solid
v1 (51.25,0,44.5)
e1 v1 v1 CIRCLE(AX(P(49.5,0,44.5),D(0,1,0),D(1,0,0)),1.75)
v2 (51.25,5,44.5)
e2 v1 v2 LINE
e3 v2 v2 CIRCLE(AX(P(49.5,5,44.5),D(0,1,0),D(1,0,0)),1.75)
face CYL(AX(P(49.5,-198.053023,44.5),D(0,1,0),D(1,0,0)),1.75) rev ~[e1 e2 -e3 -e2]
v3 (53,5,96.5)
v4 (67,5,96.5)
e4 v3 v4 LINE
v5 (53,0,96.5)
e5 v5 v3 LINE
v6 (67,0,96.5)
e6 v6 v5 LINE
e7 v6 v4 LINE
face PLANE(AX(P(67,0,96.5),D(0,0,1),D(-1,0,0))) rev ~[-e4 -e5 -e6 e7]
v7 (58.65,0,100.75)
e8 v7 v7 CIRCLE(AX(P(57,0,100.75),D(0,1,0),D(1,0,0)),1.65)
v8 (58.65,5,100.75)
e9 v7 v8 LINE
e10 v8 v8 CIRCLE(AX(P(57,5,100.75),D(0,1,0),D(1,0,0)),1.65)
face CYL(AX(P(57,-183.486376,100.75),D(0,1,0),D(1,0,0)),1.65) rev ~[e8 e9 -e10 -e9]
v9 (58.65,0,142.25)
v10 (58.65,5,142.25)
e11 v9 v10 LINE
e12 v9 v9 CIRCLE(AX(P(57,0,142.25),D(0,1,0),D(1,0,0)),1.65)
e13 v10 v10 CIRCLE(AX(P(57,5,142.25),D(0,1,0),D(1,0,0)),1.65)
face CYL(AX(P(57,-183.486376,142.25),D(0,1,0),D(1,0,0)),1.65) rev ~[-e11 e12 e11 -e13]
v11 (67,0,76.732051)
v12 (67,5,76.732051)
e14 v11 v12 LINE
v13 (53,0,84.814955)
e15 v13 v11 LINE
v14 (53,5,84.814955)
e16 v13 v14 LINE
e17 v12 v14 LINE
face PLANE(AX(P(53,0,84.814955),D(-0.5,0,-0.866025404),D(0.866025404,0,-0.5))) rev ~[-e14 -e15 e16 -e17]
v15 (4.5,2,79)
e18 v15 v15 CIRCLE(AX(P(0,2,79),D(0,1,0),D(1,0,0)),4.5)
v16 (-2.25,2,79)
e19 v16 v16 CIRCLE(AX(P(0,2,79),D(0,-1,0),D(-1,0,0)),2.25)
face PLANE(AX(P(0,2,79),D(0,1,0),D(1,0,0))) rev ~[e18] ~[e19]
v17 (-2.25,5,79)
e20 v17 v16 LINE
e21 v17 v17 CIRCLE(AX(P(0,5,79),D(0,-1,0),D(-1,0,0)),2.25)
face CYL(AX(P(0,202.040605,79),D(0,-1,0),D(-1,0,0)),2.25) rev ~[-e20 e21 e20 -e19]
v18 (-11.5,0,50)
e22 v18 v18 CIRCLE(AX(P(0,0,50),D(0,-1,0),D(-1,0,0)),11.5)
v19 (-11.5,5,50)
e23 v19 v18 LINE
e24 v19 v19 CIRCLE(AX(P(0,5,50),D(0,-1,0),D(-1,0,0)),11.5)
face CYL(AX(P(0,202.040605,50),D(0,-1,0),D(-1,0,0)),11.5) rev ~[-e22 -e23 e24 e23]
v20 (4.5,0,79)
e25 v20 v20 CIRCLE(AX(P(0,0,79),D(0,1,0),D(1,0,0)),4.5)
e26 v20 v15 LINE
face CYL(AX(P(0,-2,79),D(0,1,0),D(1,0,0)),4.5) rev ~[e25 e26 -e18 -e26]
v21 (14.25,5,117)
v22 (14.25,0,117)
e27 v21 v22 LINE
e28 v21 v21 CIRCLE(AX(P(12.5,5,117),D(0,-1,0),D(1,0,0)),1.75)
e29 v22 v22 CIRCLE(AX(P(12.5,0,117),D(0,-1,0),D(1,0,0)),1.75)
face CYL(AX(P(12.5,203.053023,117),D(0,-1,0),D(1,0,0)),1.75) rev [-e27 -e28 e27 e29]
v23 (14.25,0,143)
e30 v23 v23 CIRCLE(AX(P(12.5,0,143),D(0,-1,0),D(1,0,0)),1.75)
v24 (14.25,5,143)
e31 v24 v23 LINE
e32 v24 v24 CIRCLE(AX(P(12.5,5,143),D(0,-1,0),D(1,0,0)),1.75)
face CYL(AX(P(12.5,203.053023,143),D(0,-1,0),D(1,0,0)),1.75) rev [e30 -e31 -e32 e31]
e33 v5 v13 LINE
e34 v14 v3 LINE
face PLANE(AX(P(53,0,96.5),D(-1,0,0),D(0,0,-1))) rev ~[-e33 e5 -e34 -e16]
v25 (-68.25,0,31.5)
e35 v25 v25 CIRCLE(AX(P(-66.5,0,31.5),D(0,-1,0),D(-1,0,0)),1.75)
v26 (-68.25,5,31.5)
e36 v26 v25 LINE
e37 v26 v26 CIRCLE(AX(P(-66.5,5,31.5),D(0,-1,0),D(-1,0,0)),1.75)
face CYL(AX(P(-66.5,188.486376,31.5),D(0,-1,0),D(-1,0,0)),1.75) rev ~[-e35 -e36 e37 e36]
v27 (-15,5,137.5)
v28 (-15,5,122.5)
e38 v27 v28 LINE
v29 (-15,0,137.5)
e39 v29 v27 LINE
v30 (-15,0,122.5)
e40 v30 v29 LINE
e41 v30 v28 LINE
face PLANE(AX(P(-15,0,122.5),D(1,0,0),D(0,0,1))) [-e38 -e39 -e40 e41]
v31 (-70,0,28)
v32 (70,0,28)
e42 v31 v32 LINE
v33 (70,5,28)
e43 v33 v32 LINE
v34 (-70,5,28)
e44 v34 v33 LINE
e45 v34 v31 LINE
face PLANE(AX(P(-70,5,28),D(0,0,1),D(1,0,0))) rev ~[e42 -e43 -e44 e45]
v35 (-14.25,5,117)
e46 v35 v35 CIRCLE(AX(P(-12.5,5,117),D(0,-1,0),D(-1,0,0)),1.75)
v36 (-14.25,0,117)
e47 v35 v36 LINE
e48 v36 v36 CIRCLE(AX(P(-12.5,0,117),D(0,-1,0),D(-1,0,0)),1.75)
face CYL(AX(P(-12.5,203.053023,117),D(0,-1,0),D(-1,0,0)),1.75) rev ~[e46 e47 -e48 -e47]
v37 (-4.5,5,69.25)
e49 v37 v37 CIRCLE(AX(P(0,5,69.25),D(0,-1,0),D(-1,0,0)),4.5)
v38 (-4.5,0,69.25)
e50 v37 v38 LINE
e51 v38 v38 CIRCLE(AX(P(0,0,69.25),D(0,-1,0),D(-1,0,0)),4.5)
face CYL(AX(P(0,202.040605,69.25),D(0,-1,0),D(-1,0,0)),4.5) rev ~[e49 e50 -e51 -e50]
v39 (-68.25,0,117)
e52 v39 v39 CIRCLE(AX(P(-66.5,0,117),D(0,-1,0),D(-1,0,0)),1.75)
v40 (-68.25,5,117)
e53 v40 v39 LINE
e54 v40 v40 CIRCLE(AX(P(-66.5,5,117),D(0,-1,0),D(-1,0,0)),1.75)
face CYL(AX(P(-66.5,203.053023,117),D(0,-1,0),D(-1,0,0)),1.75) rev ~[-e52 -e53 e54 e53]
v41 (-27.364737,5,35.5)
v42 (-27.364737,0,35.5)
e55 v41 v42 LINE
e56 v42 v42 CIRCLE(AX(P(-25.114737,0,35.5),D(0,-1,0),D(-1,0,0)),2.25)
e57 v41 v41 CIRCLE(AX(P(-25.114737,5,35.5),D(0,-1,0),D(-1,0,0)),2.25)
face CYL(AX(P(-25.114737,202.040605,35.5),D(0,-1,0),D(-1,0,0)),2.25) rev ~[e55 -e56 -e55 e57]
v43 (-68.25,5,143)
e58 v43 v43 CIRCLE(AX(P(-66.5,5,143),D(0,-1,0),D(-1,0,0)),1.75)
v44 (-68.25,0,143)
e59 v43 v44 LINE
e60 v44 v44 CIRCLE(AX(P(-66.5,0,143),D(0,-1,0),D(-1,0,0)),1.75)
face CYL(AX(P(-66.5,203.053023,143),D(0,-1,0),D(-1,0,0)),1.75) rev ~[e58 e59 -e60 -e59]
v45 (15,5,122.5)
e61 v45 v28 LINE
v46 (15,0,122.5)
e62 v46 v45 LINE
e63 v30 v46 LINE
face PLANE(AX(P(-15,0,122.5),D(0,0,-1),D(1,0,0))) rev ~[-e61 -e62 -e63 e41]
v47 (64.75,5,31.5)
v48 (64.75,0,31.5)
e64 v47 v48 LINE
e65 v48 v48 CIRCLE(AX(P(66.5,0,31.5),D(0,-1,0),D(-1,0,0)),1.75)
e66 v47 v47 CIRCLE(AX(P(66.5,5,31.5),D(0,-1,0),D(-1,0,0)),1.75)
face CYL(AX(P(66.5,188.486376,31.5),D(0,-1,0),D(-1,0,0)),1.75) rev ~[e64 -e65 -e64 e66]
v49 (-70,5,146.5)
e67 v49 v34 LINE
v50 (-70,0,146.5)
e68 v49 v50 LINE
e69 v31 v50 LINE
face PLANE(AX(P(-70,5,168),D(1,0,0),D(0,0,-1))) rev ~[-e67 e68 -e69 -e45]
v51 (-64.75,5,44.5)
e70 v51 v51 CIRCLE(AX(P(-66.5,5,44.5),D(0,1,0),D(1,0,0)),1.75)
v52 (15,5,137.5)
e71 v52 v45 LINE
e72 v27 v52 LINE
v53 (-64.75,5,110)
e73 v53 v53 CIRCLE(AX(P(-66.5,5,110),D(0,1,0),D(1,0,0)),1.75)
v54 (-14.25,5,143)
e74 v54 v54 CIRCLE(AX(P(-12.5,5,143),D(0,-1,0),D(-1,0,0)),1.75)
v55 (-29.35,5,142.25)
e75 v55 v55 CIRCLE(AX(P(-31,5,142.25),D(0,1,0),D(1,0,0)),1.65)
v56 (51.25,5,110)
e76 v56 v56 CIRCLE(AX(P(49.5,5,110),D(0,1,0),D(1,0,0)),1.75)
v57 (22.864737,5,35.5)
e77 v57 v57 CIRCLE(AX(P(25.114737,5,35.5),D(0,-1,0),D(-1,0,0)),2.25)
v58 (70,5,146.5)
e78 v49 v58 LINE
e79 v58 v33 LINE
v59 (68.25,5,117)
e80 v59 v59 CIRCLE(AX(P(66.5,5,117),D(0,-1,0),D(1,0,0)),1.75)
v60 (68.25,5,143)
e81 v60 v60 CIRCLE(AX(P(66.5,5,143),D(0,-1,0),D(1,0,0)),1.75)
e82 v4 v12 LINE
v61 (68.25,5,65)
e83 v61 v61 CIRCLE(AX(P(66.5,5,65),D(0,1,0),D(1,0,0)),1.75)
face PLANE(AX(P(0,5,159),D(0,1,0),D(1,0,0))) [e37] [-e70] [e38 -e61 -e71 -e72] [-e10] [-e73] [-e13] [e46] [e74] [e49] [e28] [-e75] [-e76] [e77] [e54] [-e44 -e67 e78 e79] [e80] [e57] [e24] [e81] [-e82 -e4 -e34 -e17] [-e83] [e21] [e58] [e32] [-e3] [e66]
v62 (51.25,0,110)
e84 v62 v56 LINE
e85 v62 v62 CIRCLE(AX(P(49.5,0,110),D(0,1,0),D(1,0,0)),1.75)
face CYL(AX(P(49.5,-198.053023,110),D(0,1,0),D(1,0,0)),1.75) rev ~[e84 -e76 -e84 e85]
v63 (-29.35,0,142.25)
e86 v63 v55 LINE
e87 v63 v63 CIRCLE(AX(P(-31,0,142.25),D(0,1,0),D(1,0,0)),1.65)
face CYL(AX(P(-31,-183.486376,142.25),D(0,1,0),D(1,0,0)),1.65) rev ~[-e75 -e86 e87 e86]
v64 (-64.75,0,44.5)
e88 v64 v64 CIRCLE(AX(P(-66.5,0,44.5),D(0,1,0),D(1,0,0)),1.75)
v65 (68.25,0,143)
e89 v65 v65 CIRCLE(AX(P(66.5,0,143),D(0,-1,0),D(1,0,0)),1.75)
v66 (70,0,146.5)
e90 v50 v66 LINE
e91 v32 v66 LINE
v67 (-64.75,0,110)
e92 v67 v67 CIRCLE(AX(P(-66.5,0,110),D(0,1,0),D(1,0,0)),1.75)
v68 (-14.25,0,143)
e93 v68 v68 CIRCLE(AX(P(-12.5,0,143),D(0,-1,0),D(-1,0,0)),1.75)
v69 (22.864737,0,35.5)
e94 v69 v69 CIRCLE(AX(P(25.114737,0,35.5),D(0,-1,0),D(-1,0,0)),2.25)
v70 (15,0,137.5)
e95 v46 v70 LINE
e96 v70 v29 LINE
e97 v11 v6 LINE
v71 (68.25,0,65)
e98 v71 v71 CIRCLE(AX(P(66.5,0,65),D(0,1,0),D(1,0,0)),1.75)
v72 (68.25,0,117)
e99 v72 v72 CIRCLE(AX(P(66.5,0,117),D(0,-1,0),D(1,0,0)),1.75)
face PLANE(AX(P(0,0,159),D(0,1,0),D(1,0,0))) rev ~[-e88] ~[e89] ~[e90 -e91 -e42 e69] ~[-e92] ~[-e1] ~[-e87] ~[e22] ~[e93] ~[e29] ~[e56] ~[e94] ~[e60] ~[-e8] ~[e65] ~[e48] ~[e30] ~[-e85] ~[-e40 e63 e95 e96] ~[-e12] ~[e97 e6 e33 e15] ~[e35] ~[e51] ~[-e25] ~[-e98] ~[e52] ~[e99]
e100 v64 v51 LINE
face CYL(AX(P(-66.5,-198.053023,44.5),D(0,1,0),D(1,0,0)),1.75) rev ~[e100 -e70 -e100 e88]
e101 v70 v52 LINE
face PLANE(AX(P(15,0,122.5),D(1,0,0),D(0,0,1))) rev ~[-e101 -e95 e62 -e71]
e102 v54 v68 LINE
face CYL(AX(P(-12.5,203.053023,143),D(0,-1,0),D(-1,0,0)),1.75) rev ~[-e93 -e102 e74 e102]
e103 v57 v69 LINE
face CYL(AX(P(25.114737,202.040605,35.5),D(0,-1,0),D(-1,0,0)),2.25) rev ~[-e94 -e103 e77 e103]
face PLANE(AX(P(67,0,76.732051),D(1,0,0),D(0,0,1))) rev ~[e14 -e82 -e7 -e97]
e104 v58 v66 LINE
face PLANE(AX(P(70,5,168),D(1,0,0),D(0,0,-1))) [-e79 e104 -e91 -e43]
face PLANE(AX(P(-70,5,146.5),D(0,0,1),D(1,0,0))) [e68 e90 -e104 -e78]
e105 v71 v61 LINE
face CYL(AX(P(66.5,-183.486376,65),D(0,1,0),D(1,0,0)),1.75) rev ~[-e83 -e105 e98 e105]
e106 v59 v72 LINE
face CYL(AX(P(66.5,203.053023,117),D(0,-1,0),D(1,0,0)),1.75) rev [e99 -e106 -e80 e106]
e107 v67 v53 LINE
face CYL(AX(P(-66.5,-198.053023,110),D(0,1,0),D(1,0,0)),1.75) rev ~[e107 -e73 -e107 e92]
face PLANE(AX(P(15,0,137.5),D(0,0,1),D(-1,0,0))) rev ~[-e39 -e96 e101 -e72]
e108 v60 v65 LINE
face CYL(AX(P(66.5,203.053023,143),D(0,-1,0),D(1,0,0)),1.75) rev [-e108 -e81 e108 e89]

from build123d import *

# Parameters (mm, degrees)
SKETCH_1_W          = 80
SKETCH_1_H          = 180
EXTRUDE_1_DEPTH     = 5
HOLE_WIZARD_2_D     = 4.5
HOLE_WIZARD_3_D     = 23
HOLE_WIZARD_4_D     = 9
SKETCH_12_W         = 80
SKETCH_12_H         = 110
CUT_EXTRUDE_1_DEPTH = 10
SKETCH_13_W         = 80
SKETCH_13_H         = 60
EXTRUDE_2_DEPTH     = 5
SKETCH_14_W         = 30
SKETCH_14_H         = 130
EXTRUDE_3_DEPTH     = 5
SKETCH_15_W         = 140
SKETCH_15_H         = 8
CUT_EXTRUDE_2_DEPTH = 10
SKETCH_16_W         = 140
SKETCH_16_H         = 18
EXTRUDE_4_DEPTH     = 5
HOLE_WIZARD_5_D     = 9
HOLE_WIZARD_5_DEPTH = 2
HOLE_WIZARD_6_D     = 3.5
HOLE_WIZARD_7_D     = 3.5
SKETCH_26_W         = 140
SKETCH_26_H         = 21.5
CUT_EXTRUDE_3_DEPTH = 10
HOLE_WIZARD_8_D     = 3.5
SKETCH_30_W         = 15
SKETCH_30_H         = 15
CUT_EXTRUDE_4_DEPTH = 163.441527942
HOLE_WIZARD_9_D     = 3.5
CUT_EXTRUDE_5_DEPTH = 10
HOLE_WIZARD_10_D    = 3.3


with BuildPart() as part:
    # 草图1 → 凸台-拉伸1 (new body)
    with BuildSketch(Plane(origin=(0, 0, 0), x_dir=(1, 0, 0), z_dir=(0, 1, 0))):
        Rectangle(SKETCH_1_W, SKETCH_1_H)
    extrude(amount=EXTRUDE_1_DEPTH)

    # 孔2 (through all)
    with Locations(Plane(origin=(0, 5, 0), x_dir=(1, 0, 0), z_dir=(0, 1, 0))):
        with Locations((0, -79), (25.11473671, -35.5), (-25.11473671, -35.5)):
            Hole(HOLE_WIZARD_2_D / 2)

    # 孔3 (through all)
    with Locations(Plane(origin=(0, 5, 0), x_dir=(1, 0, 0), z_dir=(0, 1, 0))):
        with Locations((0, -50)):
            Hole(HOLE_WIZARD_3_D / 2)

    # 孔4 (through all)
    with Locations(Plane(origin=(0, 5, 0), x_dir=(1, 0, 0), z_dir=(0, 1, 0))):
        with Locations((0, -69.25)):
            Hole(HOLE_WIZARD_4_D / 2)

    # 草图12 → 切除-拉伸1 (cut)
    with BuildSketch(Plane(origin=(0, 5, 0), x_dir=(1, 0, 0), z_dir=(0, 1, 0))):
        with Locations((0, 35)):
            Rectangle(SKETCH_12_W, SKETCH_12_H)
    extrude(amount=-CUT_EXTRUDE_1_DEPTH, mode=Mode.SUBTRACT)

    # 草图13 → 凸台-拉伸2 (add)
    with BuildSketch(Plane(origin=(0, 5, 0), x_dir=(1, 0, 0), z_dir=(0, 1, 0))):
        with Locations((0, -120)):
            Rectangle(SKETCH_13_W, SKETCH_13_H)
    extrude(amount=-EXTRUDE_2_DEPTH)

    # 草图14 → 凸台-拉伸3 (add)
    with BuildSketch(Plane(origin=(0, 5, 0), x_dir=(1, 0, 0), z_dir=(0, 1, 0))):
        with Locations((-55, -85)):
            Rectangle(SKETCH_14_W, SKETCH_14_H)
        with Locations((55, -85)):
            Rectangle(SKETCH_14_W, SKETCH_14_H)
    extrude(amount=-EXTRUDE_3_DEPTH)

    # 草图15 → 切除-拉伸2 (cut)
    with BuildSketch(Plane(origin=(0, 5, 0), x_dir=(1, 0, 0), z_dir=(0, 1, 0))):
        with Locations((0, -24)):
            Rectangle(SKETCH_15_W, SKETCH_15_H)
    extrude(amount=-CUT_EXTRUDE_2_DEPTH, mode=Mode.SUBTRACT)

    # 草图16 → 凸台-拉伸4 (add)
    with BuildSketch(Plane(origin=(0, 5, 0), x_dir=(1, 0, 0), z_dir=(0, 1, 0))):
        with Locations((0, -159)):
            Rectangle(SKETCH_16_W, SKETCH_16_H)
    extrude(amount=-EXTRUDE_4_DEPTH)

    # 孔5
    with Locations(Plane(origin=(0, 0, 0), x_dir=(-1, 0, 0), z_dir=(0, -1, 0))):
        with Locations((0, -79)):
            Hole(HOLE_WIZARD_5_D / 2, depth=HOLE_WIZARD_5_DEPTH)

    # 孔6 (through all)
    with Locations(Plane(origin=(0, 0, 0), x_dir=(-1, 0, 0), z_dir=(0, -1, 0))):
        with Locations((-49.5, -44.5), (-49.5, -110), (66.5, -110), (66.5, -44.5)):
            Hole(HOLE_WIZARD_6_D / 2)

    # 孔7 (through all)
    with Locations(Plane(origin=(0, 5, 0), x_dir=(1, 0, 0), z_dir=(0, 1, 0))):
        with Locations((-66.5, -117), (-12.5, -117), (-12.5, -143), (-66.5, -143)):
            hole_wizard_7 = Hole(HOLE_WIZARD_7_D / 2)

    # 镜向1: 孔7 across plane
    add(hole_wizard_7.mirror(Plane.ZY), mode=Mode.SUBTRACT)

    # 草图26 → 切除-拉伸3 (cut)
    with BuildSketch(Plane(origin=(0, 5, 0), x_dir=(1, 0, 0), z_dir=(0, 1, 0))):
        with Locations((0, -157.25)):
            Rectangle(SKETCH_26_W, SKETCH_26_H)
    extrude(amount=-CUT_EXTRUDE_3_DEPTH, mode=Mode.SUBTRACT)

    # 孔8 (through all)
    with Locations(Plane(origin=(0, 5, 0), x_dir=(1, 0, 0), z_dir=(0, 1, 0))):
        with Locations((-66.5, -31.5), (66.5, -31.5)):
            Hole(HOLE_WIZARD_8_D / 2)

    # 草图30 → 切除-拉伸4 (cut, through all)
    with BuildSketch(Plane.XZ):
        with Locations((7.5, 130)):
            Rectangle(SKETCH_30_W, SKETCH_30_H)
        with Locations((-7.5, 130)):
            Rectangle(SKETCH_30_W, SKETCH_30_H)
    extrude(amount=-CUT_EXTRUDE_4_DEPTH, mode=Mode.SUBTRACT)

    # 孔9 (through all)
    with Locations(Plane(origin=(0, 0, 0), x_dir=(-1, 0, 0), z_dir=(0, -1, 0))):
        with Locations((-66.5, -65)):
            Hole(HOLE_WIZARD_9_D / 2)

    # 草图37 → 切除-拉伸5 (cut)
    with BuildSketch(Plane(origin=(0, 0, 0), x_dir=(-1, 0, 0), z_dir=(0, -1, 0))):
        Polygon((-67, -76.732050808), (-67, -96.5), (-53, -96.5), (-53, -84.814954576), align=None)
    extrude(amount=-CUT_EXTRUDE_5_DEPTH, mode=Mode.SUBTRACT)

    # 孔10 (through all)
    with Locations(Plane(origin=(0, 0, 0), x_dir=(-1, 0, 0), z_dir=(0, -1, 0))):
        with Locations((-57, -100.75), (-57, -142.25), (31, -142.25)):
            Hole(HOLE_WIZARD_10_D / 2)


solid = part.part
